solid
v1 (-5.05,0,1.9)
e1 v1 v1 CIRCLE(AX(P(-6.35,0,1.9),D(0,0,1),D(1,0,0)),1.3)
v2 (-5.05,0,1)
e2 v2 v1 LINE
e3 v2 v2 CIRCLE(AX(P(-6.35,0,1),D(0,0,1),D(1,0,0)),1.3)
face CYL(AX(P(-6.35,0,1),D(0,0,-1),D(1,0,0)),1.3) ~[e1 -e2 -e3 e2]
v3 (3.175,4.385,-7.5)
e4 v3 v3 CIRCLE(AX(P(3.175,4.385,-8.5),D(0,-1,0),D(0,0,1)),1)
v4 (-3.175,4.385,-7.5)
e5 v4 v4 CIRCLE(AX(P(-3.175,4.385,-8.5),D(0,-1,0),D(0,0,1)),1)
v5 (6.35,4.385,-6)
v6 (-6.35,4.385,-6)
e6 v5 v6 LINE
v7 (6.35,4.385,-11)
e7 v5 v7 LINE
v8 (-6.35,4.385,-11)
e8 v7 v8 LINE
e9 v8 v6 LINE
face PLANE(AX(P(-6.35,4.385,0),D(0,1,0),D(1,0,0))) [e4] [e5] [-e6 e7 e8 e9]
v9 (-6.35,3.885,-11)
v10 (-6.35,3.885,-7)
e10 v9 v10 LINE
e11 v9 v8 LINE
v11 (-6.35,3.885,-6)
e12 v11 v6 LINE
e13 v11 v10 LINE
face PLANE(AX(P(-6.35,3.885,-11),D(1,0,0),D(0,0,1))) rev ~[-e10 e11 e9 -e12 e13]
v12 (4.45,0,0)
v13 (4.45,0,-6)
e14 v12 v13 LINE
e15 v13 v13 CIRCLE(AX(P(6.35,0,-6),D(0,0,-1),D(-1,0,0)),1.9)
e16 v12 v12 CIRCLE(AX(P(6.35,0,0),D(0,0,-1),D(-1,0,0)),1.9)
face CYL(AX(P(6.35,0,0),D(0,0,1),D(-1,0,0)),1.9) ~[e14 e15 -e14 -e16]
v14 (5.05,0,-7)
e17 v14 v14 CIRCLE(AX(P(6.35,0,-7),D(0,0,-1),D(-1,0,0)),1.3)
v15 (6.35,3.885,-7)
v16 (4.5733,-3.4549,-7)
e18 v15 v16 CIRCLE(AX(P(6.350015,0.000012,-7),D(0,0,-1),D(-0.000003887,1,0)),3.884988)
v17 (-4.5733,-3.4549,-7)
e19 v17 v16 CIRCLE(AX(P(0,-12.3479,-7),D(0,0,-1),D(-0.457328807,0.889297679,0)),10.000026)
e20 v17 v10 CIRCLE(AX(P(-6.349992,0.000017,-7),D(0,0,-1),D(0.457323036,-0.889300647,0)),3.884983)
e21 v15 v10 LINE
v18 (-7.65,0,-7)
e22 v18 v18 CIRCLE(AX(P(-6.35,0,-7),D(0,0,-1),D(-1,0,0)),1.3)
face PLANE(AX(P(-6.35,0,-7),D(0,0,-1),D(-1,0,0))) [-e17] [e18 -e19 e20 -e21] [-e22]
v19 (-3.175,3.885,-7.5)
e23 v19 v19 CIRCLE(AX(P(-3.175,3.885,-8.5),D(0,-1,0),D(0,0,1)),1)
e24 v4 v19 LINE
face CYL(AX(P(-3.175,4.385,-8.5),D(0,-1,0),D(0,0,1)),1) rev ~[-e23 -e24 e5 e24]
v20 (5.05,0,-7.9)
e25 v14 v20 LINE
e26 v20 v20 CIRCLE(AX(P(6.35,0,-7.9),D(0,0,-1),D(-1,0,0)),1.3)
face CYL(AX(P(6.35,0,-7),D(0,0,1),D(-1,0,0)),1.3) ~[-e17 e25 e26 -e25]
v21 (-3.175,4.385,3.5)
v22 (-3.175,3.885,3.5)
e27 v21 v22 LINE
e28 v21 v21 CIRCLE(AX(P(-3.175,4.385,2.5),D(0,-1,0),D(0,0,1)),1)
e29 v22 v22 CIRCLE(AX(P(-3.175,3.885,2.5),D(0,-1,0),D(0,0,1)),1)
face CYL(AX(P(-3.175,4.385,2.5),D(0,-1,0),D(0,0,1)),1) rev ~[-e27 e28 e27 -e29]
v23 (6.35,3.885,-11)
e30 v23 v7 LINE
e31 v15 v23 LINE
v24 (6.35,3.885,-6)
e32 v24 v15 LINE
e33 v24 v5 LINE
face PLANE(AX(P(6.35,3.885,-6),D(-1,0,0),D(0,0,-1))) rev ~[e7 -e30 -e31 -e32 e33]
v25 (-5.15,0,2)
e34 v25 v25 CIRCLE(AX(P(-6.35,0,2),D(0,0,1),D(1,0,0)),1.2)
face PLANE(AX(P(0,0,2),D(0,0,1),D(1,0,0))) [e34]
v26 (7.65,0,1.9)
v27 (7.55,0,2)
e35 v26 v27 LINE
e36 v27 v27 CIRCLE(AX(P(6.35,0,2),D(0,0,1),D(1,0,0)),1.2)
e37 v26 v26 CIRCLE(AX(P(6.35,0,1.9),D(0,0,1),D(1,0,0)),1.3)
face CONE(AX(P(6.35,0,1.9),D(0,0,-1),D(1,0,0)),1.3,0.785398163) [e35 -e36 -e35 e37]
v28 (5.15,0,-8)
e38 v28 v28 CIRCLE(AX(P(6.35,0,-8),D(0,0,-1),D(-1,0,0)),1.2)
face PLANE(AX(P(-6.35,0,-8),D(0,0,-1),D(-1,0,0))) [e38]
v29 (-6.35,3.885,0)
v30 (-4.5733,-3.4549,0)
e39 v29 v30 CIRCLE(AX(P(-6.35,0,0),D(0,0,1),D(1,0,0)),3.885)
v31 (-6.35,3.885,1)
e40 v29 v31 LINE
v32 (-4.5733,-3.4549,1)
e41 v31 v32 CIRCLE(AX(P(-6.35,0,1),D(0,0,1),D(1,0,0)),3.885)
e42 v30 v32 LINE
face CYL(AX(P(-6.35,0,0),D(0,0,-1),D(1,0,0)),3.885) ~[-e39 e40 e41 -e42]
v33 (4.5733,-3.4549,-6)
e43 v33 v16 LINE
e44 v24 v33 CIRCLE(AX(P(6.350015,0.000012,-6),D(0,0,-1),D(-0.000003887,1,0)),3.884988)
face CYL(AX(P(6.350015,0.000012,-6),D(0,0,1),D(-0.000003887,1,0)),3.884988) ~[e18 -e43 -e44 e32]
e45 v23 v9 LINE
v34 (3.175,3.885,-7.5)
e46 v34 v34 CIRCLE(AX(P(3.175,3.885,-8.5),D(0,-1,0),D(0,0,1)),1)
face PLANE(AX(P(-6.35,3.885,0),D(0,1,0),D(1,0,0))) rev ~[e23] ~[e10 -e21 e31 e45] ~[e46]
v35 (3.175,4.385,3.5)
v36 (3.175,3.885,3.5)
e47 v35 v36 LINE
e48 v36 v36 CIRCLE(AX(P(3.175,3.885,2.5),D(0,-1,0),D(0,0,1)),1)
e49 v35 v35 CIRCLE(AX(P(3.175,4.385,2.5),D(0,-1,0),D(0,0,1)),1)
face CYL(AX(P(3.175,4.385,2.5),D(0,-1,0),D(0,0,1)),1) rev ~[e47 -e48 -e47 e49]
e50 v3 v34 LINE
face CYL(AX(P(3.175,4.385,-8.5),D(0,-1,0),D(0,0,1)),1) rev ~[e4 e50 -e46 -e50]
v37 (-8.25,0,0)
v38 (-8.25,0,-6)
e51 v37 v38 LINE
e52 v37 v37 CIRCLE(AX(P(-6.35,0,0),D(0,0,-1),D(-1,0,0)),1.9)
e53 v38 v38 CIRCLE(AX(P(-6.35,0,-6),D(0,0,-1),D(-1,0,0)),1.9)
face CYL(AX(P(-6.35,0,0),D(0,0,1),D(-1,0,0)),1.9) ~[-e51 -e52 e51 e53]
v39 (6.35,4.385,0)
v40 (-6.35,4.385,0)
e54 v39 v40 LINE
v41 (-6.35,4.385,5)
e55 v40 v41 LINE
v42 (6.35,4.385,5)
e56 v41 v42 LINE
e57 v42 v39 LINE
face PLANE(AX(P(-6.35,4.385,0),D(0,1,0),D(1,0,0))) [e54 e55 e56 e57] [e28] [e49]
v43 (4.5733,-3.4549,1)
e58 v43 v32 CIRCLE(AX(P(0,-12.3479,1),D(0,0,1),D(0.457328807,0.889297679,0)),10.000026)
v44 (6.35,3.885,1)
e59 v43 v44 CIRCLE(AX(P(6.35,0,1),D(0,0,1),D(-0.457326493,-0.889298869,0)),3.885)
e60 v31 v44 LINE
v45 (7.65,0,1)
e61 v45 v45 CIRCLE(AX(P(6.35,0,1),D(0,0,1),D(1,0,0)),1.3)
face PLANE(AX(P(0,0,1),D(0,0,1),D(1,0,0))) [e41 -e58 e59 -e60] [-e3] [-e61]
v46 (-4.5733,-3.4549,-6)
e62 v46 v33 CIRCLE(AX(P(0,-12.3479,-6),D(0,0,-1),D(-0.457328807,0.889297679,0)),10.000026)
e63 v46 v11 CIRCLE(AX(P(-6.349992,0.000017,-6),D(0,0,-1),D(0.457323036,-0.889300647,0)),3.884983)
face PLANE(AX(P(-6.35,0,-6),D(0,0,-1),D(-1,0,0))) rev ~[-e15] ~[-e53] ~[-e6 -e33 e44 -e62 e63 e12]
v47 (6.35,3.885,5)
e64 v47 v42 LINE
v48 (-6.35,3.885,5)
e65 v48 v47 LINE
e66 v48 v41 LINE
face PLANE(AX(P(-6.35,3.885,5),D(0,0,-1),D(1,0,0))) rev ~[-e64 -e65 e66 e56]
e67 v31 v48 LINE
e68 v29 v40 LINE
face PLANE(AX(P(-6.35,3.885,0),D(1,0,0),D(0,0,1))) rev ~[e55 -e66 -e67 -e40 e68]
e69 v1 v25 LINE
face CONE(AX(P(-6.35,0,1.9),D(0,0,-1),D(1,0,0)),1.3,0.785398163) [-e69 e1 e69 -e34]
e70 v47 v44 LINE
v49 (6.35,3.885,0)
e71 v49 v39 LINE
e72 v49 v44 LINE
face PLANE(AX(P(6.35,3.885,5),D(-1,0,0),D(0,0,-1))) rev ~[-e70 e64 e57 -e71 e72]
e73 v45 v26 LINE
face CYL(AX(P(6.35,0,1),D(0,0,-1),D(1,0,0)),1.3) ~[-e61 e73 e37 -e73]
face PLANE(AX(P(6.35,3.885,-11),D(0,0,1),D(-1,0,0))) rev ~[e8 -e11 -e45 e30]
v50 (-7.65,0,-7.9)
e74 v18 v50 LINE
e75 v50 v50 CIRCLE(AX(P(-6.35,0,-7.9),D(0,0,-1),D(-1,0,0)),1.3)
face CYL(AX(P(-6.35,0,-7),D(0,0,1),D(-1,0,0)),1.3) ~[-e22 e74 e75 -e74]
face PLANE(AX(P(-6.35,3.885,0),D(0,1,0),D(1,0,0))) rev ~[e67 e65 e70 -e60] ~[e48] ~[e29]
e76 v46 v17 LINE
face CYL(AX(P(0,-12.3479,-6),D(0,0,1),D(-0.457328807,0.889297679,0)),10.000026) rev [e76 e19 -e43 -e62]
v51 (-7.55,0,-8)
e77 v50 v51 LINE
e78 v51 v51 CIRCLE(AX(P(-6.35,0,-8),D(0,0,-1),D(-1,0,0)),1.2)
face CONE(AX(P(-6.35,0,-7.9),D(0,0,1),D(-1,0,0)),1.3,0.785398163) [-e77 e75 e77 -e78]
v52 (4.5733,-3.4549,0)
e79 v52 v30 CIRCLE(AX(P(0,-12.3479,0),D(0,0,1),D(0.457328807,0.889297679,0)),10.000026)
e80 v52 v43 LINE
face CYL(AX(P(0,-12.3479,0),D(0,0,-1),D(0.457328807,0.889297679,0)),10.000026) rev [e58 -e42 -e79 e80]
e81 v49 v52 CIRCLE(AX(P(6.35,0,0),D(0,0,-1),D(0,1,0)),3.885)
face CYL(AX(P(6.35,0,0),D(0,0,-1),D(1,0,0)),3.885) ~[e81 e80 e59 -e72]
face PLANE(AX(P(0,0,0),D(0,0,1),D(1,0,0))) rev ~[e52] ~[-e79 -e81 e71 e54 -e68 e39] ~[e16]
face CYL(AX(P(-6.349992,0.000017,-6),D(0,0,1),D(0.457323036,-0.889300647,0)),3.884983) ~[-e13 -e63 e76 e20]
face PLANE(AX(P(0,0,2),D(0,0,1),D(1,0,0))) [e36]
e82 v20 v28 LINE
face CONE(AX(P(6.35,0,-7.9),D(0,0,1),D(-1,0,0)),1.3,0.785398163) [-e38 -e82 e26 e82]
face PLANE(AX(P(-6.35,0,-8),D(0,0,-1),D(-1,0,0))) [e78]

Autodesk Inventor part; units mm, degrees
ref_plane "YZ Plane" through (0, 0, 0) normal (1, 0, 0) x (0, 1, 0)
ref_plane "XZ Plane" through (0, 0, 0) normal (0, 1, 0) x (-1, 0, 0)
sketch "Sketch1" plane through (0, 0, 0) normal (0, 0, 1) x (1, 0, 0)
  circle A0 centre (-6.35, 0) radius 3.885
  circle A1 centre (6.35, 0) radius 3.885
  arc A2 (4.5733, -3.4549) -> (-4.5733, -3.4549) centre (0, -12.3479) ccw
  line L0 (-6.35, 3.885) -> (6.35, 3.885)
  point P0 (0, 0)
  dimension "d0" = 7.77
  dimension "d1" = 6.35
  dimension "d2" = 7.77
  dimension "d3" = 6.35
  dimension "d5" = 0
  dimension "d6" = 0
  dimension "d7" = 20
extrude "Extrusion1" add sketch "Sketch1" along normal blind 1
sketch "Sketch2" plane through (0, 0, 0) normal (0, 0, -1) x (-1, 0, 0)
  arc A0 (-6.35, 3.885) -> (-4.5733, -3.4549) centre (-6.35, 0) ccw projected
  arc A1 (4.5733, -3.4549) -> (6.35, 3.885) centre (6.35, 0) ccw projected
  circle A2 centre (-6.35, 0) radius 1.9
  circle A3 centre (6.35, 0) radius 1.9
  point P0 (4.5733, 3.4549)
  point P1 (-4.5733, 3.4549)
  point P2 (0, 0)
  dimension "d10" = 3.8
  dimension "d11" = 3.8
extrude "Extrusion2" add sketch "Sketch2" along normal blind 6
sketch "Sketch3" plane through (-6.35, 0, -6) normal (0, 0, -1) x (-1, 0, 0)
  circle A0 centre (-12.7, 0) radius 1.9 projected
  circle A1 centre (0, 0) radius 1.9 projected
  arc A2 (-12.7, 3.885) -> (-10.9233, -3.4549) centre (-12.7, 0) ccw projected
  arc A3 (-1.7767, -3.4549) -> (-10.9233, -3.4549) centre (-6.35, -12.3479) ccw projected
  arc A4 (-1.7767, -3.4549) -> (0, 3.885) centre (0, 0) ccw projected
  line L0 (-12.7, 3.885) -> (0, 3.885) projected
  point P0 (-6.35, 0)
extrude "Extrusion3" add sketch "Sketch3" along normal blind 1 contours A0 | A1 | L0 A4 A3 A2
sketch "Sketch4" plane through (0, 0, 1) normal (0, 0, 1) x (1, 0, 0)
  arc A0 (-6.35, 3.885) -> (-4.5733, -3.4549) centre (-6.35, 0) ccw projected
  arc A1 (4.5733, -3.4549) -> (6.35, 3.885) centre (6.35, 0) ccw projected
  circle A2 centre (-6.35, 0) radius 1.3
  circle A3 centre (6.35, 0) radius 1.3
  point P0 (4.5733, 3.4549)
  point P1 (-4.5733, 3.4549)
  point P2 (0, 0)
  dimension "d16" = 2.6
  dimension "d17" = 2.6
extrude "Extrusion4" add sketch "Sketch4" along normal blind 1
sketch "Sketch5" plane through (-6.35, 0, -7) normal (0, 0, -1) x (-1, 0, 0)
  arc A0 (-12.7, 3.885) -> (-10.9233, -3.4549) centre (-12.7, 0) ccw projected
  arc A1 (-1.7767, -3.4549) -> (0, 3.885) centre (0, 0) ccw projected
  circle A2 centre (-12.7, 0) radius 1.3
  circle A3 centre (0, 0) radius 1.3
  point P0 (-1.7767, 3.4549)
  point P1 (-10.9233, 3.4549)
  point P2 (-6.35, 0)
  dimension "d20" = 2.6
  dimension "d21" = 2.6
extrude "Extrusion5" add sketch "Sketch5" along normal blind 1
chamfer "Chamfer1" distance 0.1 angle 45 2 edges at (7.65, 0, -8) (-5.05, 0, -8)
chamfer "Chamfer2" distance 0.1 angle 45 2 edges at (5.05, 0, 2) (-7.65, 0, 2)
ref_plane "Work Plane1" through (0, 0, -3) normal (0, 0, 1) x (1, 0, 0)
sketch "Skizze6" plane through (-6.35, 3.885, -6) normal (0, 1, 0) x (1, 0, 0)
  point P0 (6.35, -6)
sketch "Skizze7" plane through (-6.35, 3.885, 0) normal (0, 1, 0) x (1, 0, 0)
  line L0 (12.7, 0) -> (0, 0)
  line L1 (0, 0) -> (0, -5)
  line L2 (0, -5) -> (12.7, -5)
  line L3 (12.7, -5) -> (12.7, 0)
  line L4 (1.9, 6) -> (-1.9, 6) projected
  line L5 (0, 6) -> (12.7, 6)
  line L6 (12.7, 6) -> (12.7, 11)
  line L7 (12.7, 11) -> (0, 11)
  line L8 (0, 11) -> (0, 6)
  point P0 (6.35, 0)
  dimension "d31" = 5
  dimension "d33" = 5
extrude "Extrusion6" add sketch "Skizze7" along normal blind 0.5
sketch "Skizze8" plane through (-6.35, 4.385, 0) normal (0, 1, 0) x (1, 0, 0)
  line L0 (6.35, 0) -> (6.35, -2.5)
  line L1 (6.35, -2.5) -> (3.175, -2.5)
  line L2 (6.35, -2.5) -> (9.525, -2.5)
  line L3 (10.9233, 6) -> (1.7767, 6) projected
  line L4 (6.35, 6) -> (6.35, 8.5)
  line L5 (6.35, 8.5) -> (3.175, 8.5)
  line L6 (6.35, 8.5) -> (9.525, 8.5)
  dimension "d36" = 2.5
  dimension "d37" = 3.175
  dimension "d38" = 3.175
  dimension "d39" = 2.5
  dimension "d40" = 3.175
  dimension "d41" = 3.175
hole "Bohrung1" at (-3.175, 4.385, 2.5) at (3.175, 4.385, 2.5) at (-3.175, 4.385, -8.5) at (3.175, 4.385, -8.5) direction (0, -1, 0) diameter 2 end through all
equation "\"d2\" = d0"
equation "\"d3\" = d1"
equation "\"d7\" = d4"
equation "\"d11\" = d10"
equation "\"d17\" = d16"
equation "\"d20\" = d16"
equation "\"d21\" = d16"
equation "\"d4\" = 20"
properties part number "ConnectingLinks"
